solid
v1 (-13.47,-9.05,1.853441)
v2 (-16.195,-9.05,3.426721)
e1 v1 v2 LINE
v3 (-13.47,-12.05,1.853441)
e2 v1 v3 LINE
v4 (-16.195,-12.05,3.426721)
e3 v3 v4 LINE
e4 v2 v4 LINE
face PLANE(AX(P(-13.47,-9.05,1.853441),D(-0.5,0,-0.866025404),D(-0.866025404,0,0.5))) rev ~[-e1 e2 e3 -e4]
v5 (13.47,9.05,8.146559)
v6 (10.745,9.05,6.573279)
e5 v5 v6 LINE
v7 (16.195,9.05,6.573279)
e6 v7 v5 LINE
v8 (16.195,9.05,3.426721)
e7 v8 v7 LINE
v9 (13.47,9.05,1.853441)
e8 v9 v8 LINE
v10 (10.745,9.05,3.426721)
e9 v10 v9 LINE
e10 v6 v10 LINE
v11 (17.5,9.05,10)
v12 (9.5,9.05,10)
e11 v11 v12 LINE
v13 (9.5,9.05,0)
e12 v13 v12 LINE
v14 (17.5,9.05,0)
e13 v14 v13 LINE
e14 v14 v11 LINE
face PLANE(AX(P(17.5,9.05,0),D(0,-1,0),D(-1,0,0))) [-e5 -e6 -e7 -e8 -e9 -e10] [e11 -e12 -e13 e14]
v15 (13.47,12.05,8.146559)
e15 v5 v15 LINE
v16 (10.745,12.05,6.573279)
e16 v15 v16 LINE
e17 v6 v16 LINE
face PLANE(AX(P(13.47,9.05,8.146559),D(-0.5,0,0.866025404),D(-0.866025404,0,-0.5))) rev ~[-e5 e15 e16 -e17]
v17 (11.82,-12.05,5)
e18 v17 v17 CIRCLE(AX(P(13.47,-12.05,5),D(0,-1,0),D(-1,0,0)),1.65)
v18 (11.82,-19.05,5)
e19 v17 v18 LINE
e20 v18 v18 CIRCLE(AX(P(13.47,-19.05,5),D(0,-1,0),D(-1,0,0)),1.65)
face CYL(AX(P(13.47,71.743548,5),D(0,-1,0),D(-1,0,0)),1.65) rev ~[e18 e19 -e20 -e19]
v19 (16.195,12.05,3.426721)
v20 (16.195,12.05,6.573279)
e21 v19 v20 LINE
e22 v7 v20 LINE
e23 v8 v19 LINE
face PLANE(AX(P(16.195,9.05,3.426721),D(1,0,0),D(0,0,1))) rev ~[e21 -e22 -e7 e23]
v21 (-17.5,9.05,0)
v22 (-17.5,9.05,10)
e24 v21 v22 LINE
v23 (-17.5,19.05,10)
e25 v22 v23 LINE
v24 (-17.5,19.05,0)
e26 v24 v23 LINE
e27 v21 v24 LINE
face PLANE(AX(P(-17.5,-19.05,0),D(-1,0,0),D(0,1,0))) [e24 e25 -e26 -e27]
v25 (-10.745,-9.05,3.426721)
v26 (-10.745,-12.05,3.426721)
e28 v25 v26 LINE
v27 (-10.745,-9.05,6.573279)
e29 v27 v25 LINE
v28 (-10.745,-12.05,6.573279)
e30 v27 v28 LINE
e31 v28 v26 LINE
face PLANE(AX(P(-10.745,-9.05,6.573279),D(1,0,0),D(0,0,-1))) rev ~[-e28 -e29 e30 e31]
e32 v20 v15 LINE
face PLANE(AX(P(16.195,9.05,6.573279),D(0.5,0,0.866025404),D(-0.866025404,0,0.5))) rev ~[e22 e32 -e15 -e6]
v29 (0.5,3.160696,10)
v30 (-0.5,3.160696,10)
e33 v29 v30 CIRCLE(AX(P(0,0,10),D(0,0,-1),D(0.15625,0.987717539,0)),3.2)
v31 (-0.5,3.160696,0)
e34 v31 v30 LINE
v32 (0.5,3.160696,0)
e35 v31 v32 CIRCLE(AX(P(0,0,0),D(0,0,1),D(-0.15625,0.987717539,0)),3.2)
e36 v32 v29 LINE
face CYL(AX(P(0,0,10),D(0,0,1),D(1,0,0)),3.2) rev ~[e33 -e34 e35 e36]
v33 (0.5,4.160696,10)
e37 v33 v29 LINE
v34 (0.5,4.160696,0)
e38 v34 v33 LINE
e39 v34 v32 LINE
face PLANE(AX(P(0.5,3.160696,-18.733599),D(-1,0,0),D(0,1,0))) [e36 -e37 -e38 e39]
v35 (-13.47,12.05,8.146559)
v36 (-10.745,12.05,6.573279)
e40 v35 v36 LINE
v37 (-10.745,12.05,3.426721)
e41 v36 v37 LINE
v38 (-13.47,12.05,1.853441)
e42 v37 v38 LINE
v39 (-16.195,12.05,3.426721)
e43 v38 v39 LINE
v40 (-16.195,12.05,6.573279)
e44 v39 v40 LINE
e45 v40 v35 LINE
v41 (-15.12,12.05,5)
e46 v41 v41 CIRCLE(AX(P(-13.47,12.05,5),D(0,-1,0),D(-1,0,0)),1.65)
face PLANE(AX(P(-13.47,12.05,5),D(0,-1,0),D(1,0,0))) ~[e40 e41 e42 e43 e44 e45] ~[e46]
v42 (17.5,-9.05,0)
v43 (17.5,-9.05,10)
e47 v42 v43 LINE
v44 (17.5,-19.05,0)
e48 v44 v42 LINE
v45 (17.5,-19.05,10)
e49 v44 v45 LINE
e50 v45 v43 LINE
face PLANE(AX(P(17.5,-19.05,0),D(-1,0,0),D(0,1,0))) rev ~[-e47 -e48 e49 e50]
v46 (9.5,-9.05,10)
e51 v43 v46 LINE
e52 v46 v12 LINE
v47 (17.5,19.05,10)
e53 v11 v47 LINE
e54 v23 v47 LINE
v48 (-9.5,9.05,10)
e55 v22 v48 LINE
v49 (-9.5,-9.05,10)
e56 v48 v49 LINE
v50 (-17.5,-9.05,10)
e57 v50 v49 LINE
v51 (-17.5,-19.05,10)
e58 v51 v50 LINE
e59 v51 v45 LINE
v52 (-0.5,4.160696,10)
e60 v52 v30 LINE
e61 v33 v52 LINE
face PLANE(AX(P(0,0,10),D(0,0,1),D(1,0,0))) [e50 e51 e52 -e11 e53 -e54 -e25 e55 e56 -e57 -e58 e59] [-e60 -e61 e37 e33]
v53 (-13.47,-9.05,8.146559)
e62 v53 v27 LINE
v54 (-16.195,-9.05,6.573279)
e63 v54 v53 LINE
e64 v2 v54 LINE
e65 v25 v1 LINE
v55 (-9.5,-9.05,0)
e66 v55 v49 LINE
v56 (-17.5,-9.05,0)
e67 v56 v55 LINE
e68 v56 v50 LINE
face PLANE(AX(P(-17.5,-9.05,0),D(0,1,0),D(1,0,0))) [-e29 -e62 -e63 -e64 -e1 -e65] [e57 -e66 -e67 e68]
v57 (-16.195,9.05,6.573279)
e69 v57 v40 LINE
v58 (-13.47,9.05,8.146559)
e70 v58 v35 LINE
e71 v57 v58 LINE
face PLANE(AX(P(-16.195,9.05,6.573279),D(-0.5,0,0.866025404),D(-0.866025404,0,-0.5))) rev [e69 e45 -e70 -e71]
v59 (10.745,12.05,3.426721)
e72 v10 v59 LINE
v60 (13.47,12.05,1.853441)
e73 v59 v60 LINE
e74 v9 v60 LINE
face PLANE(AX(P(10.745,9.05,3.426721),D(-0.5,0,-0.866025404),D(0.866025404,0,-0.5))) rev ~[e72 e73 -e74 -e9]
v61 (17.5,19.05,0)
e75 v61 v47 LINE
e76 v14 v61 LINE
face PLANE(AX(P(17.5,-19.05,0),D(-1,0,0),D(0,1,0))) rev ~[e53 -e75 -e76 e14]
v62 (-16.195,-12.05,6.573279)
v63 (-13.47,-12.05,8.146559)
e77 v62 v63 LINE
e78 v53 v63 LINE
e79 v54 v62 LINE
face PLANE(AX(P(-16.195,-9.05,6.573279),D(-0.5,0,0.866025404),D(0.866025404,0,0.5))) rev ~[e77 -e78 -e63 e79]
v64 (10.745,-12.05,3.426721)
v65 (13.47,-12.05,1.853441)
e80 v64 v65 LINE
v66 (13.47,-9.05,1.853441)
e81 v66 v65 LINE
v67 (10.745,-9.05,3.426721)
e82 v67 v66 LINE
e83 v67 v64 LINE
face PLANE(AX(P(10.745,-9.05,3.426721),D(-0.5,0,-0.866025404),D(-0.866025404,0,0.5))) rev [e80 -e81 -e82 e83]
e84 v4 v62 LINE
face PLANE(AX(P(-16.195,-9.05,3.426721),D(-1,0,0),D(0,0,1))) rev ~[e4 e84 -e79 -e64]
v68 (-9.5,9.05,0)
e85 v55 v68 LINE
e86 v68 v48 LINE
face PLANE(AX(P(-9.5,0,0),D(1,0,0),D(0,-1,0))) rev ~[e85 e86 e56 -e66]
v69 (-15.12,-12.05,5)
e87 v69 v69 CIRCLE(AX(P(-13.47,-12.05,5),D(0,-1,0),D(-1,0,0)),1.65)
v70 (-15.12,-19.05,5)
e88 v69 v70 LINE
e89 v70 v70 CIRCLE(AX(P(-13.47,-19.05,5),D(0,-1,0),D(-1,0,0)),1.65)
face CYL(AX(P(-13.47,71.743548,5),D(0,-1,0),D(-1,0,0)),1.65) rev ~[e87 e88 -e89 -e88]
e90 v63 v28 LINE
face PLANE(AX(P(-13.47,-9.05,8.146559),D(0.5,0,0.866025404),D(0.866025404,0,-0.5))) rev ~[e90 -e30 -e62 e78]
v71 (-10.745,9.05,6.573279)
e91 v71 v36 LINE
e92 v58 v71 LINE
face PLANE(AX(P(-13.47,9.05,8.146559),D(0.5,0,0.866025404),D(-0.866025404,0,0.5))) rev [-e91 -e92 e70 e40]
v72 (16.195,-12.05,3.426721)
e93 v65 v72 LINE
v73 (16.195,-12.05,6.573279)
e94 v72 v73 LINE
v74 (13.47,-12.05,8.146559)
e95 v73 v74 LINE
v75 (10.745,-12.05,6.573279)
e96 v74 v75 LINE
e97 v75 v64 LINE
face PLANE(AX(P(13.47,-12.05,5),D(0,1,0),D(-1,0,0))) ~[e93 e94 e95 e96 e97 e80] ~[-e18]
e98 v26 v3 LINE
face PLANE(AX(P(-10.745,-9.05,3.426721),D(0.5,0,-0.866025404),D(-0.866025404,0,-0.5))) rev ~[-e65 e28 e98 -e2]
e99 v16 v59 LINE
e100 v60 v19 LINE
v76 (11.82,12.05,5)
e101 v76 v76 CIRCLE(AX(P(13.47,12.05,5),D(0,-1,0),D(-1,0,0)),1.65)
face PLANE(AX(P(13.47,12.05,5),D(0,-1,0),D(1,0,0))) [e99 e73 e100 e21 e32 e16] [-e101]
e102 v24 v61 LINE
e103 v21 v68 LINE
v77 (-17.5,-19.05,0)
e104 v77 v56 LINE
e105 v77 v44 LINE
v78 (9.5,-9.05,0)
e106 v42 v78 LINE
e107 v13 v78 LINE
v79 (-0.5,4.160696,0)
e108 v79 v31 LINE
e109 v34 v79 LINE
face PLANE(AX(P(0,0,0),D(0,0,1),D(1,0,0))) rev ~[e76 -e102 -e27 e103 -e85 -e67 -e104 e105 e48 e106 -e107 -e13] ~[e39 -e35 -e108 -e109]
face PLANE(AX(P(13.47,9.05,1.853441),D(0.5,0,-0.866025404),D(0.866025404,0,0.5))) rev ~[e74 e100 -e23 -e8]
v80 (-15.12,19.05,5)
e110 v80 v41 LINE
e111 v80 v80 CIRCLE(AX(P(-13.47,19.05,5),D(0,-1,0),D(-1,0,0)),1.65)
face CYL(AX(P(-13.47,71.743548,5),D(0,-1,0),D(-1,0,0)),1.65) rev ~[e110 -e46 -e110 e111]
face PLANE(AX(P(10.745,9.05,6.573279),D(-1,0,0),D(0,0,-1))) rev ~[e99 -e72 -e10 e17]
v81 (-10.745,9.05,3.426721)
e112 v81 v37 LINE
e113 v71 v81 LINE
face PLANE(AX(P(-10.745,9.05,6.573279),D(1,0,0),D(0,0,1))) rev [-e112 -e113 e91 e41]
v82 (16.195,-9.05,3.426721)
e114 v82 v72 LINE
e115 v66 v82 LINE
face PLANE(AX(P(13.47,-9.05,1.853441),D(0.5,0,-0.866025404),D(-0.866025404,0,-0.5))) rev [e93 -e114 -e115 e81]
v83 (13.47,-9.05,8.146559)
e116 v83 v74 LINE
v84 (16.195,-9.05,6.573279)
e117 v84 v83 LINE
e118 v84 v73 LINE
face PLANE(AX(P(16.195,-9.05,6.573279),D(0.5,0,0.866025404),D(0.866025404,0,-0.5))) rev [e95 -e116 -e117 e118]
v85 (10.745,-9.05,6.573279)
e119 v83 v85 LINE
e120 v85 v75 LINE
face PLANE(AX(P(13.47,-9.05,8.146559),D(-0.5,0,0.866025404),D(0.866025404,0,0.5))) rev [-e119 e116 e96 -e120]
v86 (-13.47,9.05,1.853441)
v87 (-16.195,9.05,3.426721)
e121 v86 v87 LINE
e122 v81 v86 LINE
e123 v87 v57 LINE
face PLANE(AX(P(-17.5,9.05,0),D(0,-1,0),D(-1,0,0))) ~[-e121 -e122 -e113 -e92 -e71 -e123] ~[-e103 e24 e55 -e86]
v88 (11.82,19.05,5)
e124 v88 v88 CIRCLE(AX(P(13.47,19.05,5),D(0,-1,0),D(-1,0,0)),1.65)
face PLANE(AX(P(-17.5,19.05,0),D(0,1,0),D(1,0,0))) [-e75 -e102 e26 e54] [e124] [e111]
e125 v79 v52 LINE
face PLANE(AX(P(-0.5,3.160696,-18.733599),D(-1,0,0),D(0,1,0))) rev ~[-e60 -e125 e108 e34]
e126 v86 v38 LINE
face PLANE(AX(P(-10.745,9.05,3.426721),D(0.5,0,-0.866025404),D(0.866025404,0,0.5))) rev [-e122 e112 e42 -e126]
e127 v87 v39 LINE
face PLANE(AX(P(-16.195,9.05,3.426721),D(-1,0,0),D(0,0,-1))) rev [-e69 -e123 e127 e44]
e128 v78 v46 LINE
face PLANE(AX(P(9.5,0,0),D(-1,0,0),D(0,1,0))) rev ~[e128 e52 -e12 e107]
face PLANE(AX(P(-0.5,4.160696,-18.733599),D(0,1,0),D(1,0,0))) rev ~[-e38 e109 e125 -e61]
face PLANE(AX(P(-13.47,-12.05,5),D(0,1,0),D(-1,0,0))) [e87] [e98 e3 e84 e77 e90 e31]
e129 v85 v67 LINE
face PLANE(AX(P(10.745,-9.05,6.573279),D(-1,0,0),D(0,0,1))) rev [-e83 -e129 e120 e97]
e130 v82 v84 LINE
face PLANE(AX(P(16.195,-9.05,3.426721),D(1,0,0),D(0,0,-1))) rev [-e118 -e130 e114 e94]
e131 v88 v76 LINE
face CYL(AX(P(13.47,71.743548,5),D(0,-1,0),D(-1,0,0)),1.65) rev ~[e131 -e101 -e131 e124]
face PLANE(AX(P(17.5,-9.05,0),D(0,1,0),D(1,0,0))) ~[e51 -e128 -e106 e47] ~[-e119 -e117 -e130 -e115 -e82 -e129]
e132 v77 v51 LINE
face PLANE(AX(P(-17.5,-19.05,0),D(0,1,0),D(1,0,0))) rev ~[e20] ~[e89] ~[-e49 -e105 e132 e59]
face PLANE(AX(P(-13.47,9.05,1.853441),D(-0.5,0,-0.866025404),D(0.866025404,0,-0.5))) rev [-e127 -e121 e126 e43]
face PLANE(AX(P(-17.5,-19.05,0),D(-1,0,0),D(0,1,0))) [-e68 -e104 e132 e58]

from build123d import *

# Parameters (mm, degrees)
SKETCH1_W                                  = 35
SKETCH1_H                                  = 38.1
BOSS_EXTRUDE1_DEPTH                        = 10
F_3_3_3_3_DIAMETER_HOLE1_D                 = 3.3
SKETCH4_R                                  = 3.2
CUT_EXTRUDE1_DEPTH                         = 28.733598757
SKETCH5_W                                  = 8
SKETCH5_H                                  = 9.05
CUT_EXTRUDE2_DEPTH                         = 10
CUT_EXTRUDE3_DEPTH                         = 3
MIRROR2_AT_THE_SECOND_PLANE_COPY_1_SKETC_W = 8
MIRROR2_AT_THE_SECOND_PLANE_COPY_1_SKETC_H = 9.05
MIRROR2_AT_THE_SECOND_PLANE_COPY_1_DEPTH   = 10
MIRROR2_AT_THE_SECOND_PLANE_COPY_2_DEPTH   = 3
CUT_EXTRUDE4_DEPTH                         = 28.733598757
CUT_EXTRUDE4_DEPTH_BACK                    = 28.733598757
SKETCH7_W                                  = 1
SKETCH7_H                                  = 1


with BuildPart() as part:
    # Sketch1 → Boss-Extrude1 (new body)
    with BuildSketch(Plane.XY):
        Rectangle(SKETCH1_W, SKETCH1_H)
    extrude(amount=BOSS_EXTRUDE1_DEPTH)

    # Ø3.3 (3.3) Diameter Hole1 (through all)
    with Locations(Plane(origin=(0, 19.05, 0), x_dir=(1, 0, 0), z_dir=(0, 1, 0))):
        with Locations((-13.47, -5), (13.47, -5)):
            Hole(F_3_3_3_3_DIAMETER_HOLE1_D / 2)

    # Sketch4 → Cut-Extrude1 (cut, through all)
    with BuildSketch(Plane.XY.offset(10)):
        Circle(SKETCH4_R)
    extrude(amount=-CUT_EXTRUDE1_DEPTH, mode=Mode.SUBTRACT)

    # Sketch5 → Cut-Extrude2 (cut)
    with BuildSketch(Plane(origin=(0, 0, 0), x_dir=(-1, 0, 0), z_dir=(0, 0, -1))):
        with Locations((-13.5, 4.525)):
            Rectangle(SKETCH5_W, SKETCH5_H)
    cut_extrude2 = extrude(amount=-CUT_EXTRUDE2_DEPTH, mode=Mode.SUBTRACT)

    # Sketch6 → Cut-Extrude3 (cut)
    with BuildSketch(Plane.XZ.offset(-9.05)):
        Polygon((16.195, 6.573279484), (13.47, 8.146558967), (10.745, 6.573279484), (10.745, 3.426720516), (13.47, 1.853441033), (16.195, 3.426720516), align=None)
    cut_extrude3 = extrude(amount=-CUT_EXTRUDE3_DEPTH, mode=Mode.SUBTRACT)

    # Mirror2: Cut-Extrude2, Cut-Extrude3 across plane
    add(cut_extrude2.mirror(Plane(origin=(0, 0, 0), x_dir=(0, 0, 1), z_dir=(1, 0, 0))), mode=Mode.SUBTRACT)
    add(cut_extrude3.mirror(Plane(origin=(0, 0, 0), x_dir=(0, 0, 1), z_dir=(1, 0, 0))), mode=Mode.SUBTRACT)

    # Mirror2 at the second plane: Cut-Extrude2, Cut-Extrude3 across plane
    add(cut_extrude2.mirror(Plane.ZX), mode=Mode.SUBTRACT)
    add(cut_extrude3.mirror(Plane.ZX), mode=Mode.SUBTRACT)

    # Mirror2 at the second plane copy 1 sketc → Mirror2 at the second plane copy 1 (cut)
    with BuildSketch(Plane(origin=(0, 0, 0), x_dir=(1, 0, 0), z_dir=(0, 0, -1))):
        with Locations((-13.5, 4.525)):
            Rectangle(MIRROR2_AT_THE_SECOND_PLANE_COPY_1_SKETC_W, MIRROR2_AT_THE_SECOND_PLANE_COPY_1_SKETC_H)
    extrude(amount=-MIRROR2_AT_THE_SECOND_PLANE_COPY_1_DEPTH, mode=Mode.SUBTRACT)

    # Mirror2 at the second plane copy 2 sketc → Mirror2 at the second plane copy 2 (cut)
    with BuildSketch(Plane(origin=(0, -9.05, 0), x_dir=(-1, 0, 0), z_dir=(0, 1, 0))):
        Polygon((16.195, 6.573279484), (13.47, 8.146558967), (10.745, 6.573279484), (10.745, 3.426720516), (13.47, 1.853441033), (16.195, 3.426720516), align=None)
    extrude(amount=-MIRROR2_AT_THE_SECOND_PLANE_COPY_2_DEPTH, mode=Mode.SUBTRACT)

    # Sketch7 → Cut-Extrude4 (cut, two sides: drawn at the far end of the back side and taken through both)
    with BuildSketch(Plane.XY.offset(10).offset(-CUT_EXTRUDE4_DEPTH_BACK)):
        with Locations((0, 3.660696126)):
            Rectangle(SKETCH7_W, SKETCH7_H)
    extrude(amount=CUT_EXTRUDE4_DEPTH + CUT_EXTRUDE4_DEPTH_BACK, mode=Mode.SUBTRACT)


solid = part.part
